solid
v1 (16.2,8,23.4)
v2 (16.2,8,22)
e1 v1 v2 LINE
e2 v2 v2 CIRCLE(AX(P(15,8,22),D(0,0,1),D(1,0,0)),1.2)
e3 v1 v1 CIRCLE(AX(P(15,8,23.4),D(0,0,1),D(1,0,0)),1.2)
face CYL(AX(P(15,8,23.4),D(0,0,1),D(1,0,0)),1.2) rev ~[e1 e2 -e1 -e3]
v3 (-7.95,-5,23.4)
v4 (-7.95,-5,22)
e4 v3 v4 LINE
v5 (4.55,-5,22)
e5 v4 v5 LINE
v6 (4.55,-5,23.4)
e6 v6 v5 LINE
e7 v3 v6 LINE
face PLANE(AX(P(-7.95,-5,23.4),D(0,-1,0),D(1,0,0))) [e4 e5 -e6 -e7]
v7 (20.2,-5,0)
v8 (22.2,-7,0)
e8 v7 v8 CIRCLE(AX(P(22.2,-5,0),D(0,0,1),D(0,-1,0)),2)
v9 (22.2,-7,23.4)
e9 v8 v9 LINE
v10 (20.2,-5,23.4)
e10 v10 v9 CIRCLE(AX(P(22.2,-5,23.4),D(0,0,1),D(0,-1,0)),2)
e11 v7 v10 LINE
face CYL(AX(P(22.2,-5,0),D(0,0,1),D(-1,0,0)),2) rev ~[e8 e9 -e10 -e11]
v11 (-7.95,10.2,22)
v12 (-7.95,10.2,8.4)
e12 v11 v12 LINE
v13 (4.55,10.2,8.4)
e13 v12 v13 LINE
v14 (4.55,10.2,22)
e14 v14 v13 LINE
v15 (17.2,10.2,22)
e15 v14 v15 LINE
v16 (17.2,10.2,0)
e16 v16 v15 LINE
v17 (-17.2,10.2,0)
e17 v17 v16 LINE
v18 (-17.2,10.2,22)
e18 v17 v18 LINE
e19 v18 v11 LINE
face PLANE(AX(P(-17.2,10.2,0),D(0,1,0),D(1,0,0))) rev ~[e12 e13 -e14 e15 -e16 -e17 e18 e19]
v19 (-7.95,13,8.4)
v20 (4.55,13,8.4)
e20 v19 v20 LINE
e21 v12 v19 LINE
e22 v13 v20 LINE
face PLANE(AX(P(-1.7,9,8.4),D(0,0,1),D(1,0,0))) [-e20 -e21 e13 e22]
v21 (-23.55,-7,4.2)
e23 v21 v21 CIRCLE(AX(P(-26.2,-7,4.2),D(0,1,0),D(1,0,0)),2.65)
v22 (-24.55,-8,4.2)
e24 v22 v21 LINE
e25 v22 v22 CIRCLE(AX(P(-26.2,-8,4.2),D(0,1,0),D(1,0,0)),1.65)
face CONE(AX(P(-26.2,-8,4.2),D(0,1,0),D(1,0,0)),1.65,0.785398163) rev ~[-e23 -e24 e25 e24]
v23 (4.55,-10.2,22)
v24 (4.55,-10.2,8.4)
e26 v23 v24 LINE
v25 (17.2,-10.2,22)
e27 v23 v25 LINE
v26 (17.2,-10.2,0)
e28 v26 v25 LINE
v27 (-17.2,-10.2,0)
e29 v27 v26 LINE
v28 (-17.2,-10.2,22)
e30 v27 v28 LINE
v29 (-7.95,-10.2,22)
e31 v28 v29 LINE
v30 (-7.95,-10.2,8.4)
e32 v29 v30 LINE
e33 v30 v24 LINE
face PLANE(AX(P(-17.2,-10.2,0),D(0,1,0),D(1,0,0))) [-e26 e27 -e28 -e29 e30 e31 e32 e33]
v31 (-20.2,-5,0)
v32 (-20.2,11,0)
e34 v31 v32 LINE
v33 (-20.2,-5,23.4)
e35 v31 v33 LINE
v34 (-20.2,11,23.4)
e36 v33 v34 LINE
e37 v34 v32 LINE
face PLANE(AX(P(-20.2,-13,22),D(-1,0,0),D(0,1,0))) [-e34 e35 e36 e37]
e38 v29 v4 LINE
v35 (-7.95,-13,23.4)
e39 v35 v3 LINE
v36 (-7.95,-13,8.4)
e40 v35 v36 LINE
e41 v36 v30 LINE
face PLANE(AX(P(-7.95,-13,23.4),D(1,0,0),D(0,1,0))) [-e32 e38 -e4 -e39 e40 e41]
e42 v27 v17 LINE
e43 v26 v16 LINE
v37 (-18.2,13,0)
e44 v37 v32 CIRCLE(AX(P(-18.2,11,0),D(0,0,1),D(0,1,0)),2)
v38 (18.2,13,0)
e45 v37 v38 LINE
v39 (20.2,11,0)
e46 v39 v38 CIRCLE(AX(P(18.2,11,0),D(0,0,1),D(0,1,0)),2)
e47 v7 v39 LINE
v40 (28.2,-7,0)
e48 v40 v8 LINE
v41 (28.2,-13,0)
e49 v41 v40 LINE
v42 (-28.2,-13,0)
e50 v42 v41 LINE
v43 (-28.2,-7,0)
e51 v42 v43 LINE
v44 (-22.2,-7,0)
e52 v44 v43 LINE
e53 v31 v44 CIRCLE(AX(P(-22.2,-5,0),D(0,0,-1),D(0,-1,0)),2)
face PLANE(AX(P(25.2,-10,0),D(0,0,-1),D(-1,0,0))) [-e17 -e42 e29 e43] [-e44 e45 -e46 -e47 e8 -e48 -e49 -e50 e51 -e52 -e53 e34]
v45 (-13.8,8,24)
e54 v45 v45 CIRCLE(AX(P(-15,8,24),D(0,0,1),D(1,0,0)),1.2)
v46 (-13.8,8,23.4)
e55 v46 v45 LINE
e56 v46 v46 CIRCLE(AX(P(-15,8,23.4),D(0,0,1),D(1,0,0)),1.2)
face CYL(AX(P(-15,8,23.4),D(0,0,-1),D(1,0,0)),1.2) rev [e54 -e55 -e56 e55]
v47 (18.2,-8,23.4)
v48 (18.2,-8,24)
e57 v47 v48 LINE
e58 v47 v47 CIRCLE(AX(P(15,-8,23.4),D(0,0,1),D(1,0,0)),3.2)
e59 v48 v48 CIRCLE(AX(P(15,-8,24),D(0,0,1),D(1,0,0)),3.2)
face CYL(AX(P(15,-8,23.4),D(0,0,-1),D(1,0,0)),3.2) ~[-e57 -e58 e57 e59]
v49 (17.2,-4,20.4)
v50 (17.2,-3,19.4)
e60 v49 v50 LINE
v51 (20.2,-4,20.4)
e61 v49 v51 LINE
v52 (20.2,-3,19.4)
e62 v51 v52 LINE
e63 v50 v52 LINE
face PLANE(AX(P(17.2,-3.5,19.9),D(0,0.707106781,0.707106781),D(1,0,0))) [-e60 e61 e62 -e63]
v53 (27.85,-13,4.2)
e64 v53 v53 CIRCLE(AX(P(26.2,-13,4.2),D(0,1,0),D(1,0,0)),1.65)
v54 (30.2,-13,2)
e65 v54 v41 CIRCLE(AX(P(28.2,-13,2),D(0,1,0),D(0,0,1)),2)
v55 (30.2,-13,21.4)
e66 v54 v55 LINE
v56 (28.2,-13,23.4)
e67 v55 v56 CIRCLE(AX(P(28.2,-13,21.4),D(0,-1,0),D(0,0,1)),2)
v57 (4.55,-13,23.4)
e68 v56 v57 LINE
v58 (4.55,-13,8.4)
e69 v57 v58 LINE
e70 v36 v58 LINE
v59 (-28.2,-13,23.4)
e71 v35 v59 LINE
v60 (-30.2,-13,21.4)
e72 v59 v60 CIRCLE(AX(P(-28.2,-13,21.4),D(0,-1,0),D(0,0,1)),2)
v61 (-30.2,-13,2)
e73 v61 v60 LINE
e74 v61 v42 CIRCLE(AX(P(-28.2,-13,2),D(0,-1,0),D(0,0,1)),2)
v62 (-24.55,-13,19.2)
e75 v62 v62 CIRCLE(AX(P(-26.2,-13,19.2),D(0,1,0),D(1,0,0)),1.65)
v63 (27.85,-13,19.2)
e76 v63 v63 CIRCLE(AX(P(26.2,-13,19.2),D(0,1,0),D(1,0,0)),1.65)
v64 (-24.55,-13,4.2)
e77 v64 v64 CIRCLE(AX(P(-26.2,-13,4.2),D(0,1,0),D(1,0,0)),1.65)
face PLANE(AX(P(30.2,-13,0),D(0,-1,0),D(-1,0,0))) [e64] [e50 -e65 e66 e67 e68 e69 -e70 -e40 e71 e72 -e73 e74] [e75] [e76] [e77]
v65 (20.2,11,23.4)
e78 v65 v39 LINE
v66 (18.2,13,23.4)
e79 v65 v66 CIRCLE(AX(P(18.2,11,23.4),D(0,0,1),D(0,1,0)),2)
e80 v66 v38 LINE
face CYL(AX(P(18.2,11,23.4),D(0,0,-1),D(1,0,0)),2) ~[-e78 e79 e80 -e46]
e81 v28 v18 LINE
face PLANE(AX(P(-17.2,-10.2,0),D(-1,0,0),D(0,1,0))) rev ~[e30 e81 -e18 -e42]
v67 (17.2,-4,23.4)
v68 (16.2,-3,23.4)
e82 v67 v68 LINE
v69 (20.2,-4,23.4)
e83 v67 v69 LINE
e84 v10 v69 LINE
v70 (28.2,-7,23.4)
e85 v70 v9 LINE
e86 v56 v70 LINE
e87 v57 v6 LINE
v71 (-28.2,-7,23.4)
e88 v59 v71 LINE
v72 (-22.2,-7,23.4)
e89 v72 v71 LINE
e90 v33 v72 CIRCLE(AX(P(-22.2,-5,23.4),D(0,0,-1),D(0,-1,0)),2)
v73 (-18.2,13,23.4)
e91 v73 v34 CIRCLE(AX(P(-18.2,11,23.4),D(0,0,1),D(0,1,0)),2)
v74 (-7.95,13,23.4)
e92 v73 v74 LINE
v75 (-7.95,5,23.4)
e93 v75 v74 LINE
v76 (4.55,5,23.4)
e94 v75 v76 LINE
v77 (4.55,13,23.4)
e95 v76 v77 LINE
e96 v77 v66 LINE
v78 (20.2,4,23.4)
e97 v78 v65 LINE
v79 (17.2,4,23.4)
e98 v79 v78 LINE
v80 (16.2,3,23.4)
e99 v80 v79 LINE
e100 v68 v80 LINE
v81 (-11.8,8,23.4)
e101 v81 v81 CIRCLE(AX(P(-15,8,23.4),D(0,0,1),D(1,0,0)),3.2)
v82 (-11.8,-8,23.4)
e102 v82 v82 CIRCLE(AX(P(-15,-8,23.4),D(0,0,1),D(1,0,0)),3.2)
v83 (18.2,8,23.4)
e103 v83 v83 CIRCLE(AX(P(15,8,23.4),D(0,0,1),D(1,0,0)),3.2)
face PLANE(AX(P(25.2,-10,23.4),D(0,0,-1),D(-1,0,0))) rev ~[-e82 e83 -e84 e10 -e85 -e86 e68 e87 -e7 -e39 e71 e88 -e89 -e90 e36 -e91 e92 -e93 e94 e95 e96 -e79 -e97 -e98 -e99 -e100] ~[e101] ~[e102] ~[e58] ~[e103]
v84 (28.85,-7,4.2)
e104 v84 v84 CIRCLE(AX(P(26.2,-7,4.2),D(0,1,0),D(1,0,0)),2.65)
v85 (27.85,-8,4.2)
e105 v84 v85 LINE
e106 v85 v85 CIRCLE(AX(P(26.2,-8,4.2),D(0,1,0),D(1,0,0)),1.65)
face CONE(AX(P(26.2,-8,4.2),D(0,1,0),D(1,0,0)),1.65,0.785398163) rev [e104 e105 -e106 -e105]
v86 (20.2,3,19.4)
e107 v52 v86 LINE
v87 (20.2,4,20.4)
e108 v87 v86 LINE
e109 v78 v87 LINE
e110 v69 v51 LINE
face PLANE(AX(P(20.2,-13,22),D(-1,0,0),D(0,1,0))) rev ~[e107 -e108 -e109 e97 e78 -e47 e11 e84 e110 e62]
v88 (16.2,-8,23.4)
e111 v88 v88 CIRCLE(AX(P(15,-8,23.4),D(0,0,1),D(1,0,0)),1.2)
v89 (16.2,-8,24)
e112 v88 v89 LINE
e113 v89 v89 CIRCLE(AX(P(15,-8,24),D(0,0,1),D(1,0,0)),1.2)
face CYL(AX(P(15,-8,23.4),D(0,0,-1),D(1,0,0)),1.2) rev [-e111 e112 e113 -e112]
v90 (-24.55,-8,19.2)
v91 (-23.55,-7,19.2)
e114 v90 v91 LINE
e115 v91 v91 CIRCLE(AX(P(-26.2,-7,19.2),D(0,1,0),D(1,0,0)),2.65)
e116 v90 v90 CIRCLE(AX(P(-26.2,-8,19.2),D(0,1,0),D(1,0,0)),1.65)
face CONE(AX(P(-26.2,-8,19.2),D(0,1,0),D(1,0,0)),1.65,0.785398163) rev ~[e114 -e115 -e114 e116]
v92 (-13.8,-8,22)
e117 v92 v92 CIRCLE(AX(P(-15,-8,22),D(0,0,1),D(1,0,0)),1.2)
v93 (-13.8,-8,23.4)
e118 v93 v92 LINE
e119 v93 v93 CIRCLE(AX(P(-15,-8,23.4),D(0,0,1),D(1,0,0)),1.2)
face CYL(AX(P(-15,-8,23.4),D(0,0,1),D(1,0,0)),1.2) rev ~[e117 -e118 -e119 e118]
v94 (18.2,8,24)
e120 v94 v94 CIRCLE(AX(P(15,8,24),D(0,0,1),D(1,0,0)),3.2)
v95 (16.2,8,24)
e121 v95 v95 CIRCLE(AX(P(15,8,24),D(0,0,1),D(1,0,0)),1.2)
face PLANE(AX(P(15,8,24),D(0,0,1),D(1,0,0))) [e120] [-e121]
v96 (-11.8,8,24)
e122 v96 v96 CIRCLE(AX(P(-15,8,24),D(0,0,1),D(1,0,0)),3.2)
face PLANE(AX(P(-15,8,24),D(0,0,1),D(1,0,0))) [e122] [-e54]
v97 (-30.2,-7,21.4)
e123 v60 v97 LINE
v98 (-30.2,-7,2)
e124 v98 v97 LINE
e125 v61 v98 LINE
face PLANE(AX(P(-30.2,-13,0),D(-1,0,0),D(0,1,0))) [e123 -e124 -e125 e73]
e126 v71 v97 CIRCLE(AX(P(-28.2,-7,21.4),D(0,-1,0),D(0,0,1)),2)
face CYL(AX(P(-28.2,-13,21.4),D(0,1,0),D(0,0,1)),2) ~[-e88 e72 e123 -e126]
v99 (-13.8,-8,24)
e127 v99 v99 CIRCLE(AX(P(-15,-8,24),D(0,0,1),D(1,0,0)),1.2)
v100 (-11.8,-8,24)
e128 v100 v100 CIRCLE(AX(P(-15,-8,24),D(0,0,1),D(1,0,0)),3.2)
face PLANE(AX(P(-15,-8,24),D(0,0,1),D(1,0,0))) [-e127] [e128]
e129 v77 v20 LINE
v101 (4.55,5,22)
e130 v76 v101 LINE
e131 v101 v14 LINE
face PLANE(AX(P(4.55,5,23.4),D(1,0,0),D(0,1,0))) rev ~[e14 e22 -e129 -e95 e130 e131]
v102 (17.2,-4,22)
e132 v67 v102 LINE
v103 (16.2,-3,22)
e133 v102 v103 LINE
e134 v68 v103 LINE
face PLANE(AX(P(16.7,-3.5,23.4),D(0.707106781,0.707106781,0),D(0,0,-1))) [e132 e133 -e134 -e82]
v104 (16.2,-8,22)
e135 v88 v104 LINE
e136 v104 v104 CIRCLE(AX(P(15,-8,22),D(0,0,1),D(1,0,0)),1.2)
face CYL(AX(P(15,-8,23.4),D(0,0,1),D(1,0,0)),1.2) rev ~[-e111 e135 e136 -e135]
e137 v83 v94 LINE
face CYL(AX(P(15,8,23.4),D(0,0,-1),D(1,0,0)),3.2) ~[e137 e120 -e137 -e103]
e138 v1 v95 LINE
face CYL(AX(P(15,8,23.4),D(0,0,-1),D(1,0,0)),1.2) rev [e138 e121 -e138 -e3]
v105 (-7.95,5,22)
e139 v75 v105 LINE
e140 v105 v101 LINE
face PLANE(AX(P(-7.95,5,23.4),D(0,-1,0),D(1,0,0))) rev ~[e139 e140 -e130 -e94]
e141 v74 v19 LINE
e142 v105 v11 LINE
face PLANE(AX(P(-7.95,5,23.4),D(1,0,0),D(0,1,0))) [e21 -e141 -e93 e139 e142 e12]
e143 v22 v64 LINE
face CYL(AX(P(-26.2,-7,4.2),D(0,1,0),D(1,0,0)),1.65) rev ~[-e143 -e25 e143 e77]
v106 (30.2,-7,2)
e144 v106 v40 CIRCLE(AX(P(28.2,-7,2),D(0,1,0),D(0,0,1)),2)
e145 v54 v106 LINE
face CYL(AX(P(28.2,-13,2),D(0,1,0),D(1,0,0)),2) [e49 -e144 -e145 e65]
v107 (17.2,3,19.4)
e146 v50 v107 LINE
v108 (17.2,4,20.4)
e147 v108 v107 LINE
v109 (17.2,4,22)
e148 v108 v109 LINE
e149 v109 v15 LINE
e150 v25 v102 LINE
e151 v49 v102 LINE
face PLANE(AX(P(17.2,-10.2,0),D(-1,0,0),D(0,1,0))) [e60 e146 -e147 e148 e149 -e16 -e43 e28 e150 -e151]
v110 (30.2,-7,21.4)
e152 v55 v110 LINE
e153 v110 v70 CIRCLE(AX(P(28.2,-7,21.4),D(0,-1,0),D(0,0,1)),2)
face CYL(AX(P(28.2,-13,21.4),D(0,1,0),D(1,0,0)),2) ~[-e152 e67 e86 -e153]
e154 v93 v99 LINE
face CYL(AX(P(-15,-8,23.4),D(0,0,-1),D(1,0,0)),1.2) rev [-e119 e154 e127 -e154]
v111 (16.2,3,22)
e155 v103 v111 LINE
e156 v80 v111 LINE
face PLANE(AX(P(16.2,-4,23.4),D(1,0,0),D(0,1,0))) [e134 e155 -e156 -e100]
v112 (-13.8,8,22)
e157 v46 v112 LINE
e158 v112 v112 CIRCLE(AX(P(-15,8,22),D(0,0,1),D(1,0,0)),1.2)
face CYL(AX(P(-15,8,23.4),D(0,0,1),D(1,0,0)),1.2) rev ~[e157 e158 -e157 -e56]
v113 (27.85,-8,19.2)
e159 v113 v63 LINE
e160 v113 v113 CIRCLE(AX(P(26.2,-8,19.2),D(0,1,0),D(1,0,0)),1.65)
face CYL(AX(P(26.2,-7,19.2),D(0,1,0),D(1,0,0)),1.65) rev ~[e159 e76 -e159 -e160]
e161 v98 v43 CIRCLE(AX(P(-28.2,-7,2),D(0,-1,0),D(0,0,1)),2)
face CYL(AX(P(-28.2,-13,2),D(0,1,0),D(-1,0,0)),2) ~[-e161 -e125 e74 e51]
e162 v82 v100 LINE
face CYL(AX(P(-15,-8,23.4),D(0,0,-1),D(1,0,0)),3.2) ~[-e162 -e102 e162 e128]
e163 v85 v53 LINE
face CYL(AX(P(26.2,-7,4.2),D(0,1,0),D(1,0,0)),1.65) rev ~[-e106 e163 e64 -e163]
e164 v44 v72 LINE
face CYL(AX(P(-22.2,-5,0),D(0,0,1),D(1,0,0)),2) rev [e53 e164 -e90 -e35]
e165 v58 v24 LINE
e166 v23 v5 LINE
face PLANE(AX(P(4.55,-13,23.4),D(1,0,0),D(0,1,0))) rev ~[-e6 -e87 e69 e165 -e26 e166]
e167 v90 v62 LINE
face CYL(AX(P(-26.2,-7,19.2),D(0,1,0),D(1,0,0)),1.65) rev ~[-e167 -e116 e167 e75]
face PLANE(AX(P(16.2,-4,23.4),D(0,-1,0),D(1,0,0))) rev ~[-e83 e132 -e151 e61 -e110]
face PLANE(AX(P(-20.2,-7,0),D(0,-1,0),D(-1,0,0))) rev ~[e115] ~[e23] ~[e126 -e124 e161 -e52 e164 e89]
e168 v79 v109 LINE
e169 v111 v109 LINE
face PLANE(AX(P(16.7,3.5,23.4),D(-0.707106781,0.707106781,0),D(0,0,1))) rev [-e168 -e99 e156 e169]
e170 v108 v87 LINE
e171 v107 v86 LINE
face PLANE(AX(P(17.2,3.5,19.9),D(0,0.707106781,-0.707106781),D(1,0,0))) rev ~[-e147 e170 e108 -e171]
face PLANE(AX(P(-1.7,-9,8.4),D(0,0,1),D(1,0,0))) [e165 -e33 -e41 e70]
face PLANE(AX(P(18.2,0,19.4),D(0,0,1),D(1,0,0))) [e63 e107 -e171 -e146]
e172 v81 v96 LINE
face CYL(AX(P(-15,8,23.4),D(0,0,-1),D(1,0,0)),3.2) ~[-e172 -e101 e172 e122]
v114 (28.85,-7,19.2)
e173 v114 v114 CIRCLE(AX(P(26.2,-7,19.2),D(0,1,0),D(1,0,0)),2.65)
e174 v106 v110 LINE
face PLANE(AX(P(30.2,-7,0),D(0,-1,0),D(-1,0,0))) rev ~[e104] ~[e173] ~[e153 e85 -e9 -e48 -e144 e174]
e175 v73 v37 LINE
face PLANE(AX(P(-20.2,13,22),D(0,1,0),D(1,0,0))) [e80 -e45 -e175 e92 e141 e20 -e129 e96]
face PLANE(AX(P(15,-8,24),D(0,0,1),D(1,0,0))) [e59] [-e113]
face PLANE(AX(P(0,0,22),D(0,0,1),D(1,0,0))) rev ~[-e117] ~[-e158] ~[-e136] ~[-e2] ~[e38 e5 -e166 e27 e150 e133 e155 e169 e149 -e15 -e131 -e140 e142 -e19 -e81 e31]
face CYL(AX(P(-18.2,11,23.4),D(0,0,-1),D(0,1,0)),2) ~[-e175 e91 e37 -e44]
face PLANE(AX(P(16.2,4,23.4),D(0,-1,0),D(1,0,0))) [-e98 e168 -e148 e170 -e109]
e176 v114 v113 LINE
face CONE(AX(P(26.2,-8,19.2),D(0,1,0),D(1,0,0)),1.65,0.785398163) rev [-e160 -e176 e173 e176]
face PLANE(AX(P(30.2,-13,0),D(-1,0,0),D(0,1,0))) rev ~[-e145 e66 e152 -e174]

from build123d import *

# Parameters (mm, degrees)
SKETCH1_W           = 40.4
SKETCH1_H           = 26
SKETCH1_W_2         = 34.4
SKETCH1_H_2         = 20.4
BOSS_EXTRUDE1_DEPTH = 22
SKETCH2_W           = 40.4
SKETCH2_H           = 26
BOSS_EXTRUDE2_DEPTH = 1.4
SKETCH3_W           = 12.5
SKETCH3_H           = 8
CUT_EXTRUDE1_DEPTH  = 15
SKETCH4_R           = 1.2
CUT_EXTRUDE2_DEPTH  = 24.4
SKETCH5_W           = 10
SKETCH5_H           = 6
BOSS_EXTRUDE3_DEPTH = 23.4
FILLET1_R           = 2
SKETCH6_R           = 1.65
CUT_EXTRUDE3_DEPTH  = 7
CHAMFER1_SIZE       = 1
SKETCH8_W           = 4
SKETCH8_H           = 8
CUT_EXTRUDE4_DEPTH  = 4
CHAMFER2_SIZE       = 1
SKETCH9_R           = 3.2
SKETCH9_R_2         = 1.2
BOSS_EXTRUDE4_DEPTH = 0.6


with BuildPart() as part:
    # Sketch1 → Boss-Extrude1 (new body)
    with BuildSketch(Plane.XY):
        Rectangle(SKETCH1_W, SKETCH1_H)
        Rectangle(SKETCH1_W_2, SKETCH1_H_2, mode=Mode.SUBTRACT)
    extrude(amount=BOSS_EXTRUDE1_DEPTH)

    # Sketch2 → Boss-Extrude2 (add)
    with BuildSketch(Plane.XY.offset(22)):
        Rectangle(SKETCH2_W, SKETCH2_H)
    extrude(amount=BOSS_EXTRUDE2_DEPTH)

    # Sketch3 → Cut-Extrude1 (cut)
    with BuildSketch(Plane.XY.offset(23.4)):
        with Locations((-1.7, 9)):
            Rectangle(SKETCH3_W, SKETCH3_H)
        with Locations((-1.7, -9)):
            Rectangle(SKETCH3_W, SKETCH3_H)
    extrude(amount=-CUT_EXTRUDE1_DEPTH, mode=Mode.SUBTRACT)

    # Sketch4 → Cut-Extrude2 (cut, through all)
    with BuildSketch(Plane.XY.offset(23.4)):
        with Locations((-15, 8)):
            Circle(SKETCH4_R)
        with Locations((-15, -8)):
            Circle(SKETCH4_R)
        with Locations((15, 8)):
            Circle(SKETCH4_R)
        with Locations((15, -8)):
            Circle(SKETCH4_R)
    extrude(amount=-CUT_EXTRUDE2_DEPTH, mode=Mode.SUBTRACT)

    # Sketch5 → Boss-Extrude3 (add)
    with BuildSketch(Plane(origin=(0, 0, 0), x_dir=(-1, 0, 0), z_dir=(0, 0, -1))):
        with Locations((-25.2, -10)):
            Rectangle(SKETCH5_W, SKETCH5_H)
        with Locations((25.2, -10)):
            Rectangle(SKETCH5_W, SKETCH5_H)
    extrude(amount=-BOSS_EXTRUDE3_DEPTH)

    # Fillet1
    fillet1_edges = [part.edges().sort_by_distance(p)[0] for p in [
        (30.2, -10, 0),
        (30.2, -10, 23.4),
        (20.2, -7, 11.7),
        (-30.2, -10, 0),
        (-30.2, -10, 23.4),
        (-20.2, -7, 11.7),
        (-20.2, 13, 11.7),
        (20.2, 13, 11.7),
    ]]
    fillet(fillet1_edges, radius=FILLET1_R)

    # Sketch6 → Cut-Extrude3 (cut, through all)
    with BuildSketch(Plane(origin=(0, -7, 0), x_dir=(1, 0, 0), z_dir=(0, 1, 0))):
        with Locations((26.2, -4.2)):
            Circle(SKETCH6_R)
        with Locations((26.2, -19.2)):
            Circle(SKETCH6_R)
        with Locations((-26.2, -19.2)):
            Circle(SKETCH6_R)
        with Locations((-26.2, -4.2)):
            Circle(SKETCH6_R)
    extrude(amount=-CUT_EXTRUDE3_DEPTH, mode=Mode.SUBTRACT)

    # Chamfer1
    chamfer1_edges = [part.edges().sort_by_distance(p)[0] for p in [
        (-27.85, -7, 4.2),
        (-27.85, -7, 19.2),
        (24.55, -7, 19.2),
        (24.55, -7, 4.2),
    ]]
    chamfer(chamfer1_edges, length=CHAMFER1_SIZE)

    # Sketch8 → Cut-Extrude4 (cut)
    with BuildSketch(Plane.XY.offset(23.4)):
        with Locations((18.2, 0)):
            Rectangle(SKETCH8_W, SKETCH8_H)
    extrude(amount=-CUT_EXTRUDE4_DEPTH, mode=Mode.SUBTRACT)

    # Chamfer2
    chamfer2_edges = [part.edges().sort_by_distance(p)[0] for p in [
        (16.2, -4, 22.7),
        (16.2, 4, 22.7),
        (18.7, 4, 19.4),
        (18.7, -4, 19.4),
    ]]
    chamfer(chamfer2_edges, length=CHAMFER2_SIZE)

    # Sketch9 → Boss-Extrude4 (add)
    with BuildSketch(Plane.XY.offset(23.4)):
        with Locations((-15, 8)):
            Circle(SKETCH9_R)
        with Locations((-15, 8)):
            Circle(SKETCH9_R_2, mode=Mode.SUBTRACT)
        with Locations((-15, -8)):
            Circle(SKETCH9_R)
        with Locations((-15, -8)):
            Circle(SKETCH9_R_2, mode=Mode.SUBTRACT)
        with Locations((15, -8)):
            Circle(SKETCH9_R)
        with Locations((15, -8)):
            Circle(SKETCH9_R_2, mode=Mode.SUBTRACT)
        with Locations((15, 8)):
            Circle(SKETCH9_R)
        with Locations((15, 8)):
            Circle(SKETCH9_R_2, mode=Mode.SUBTRACT)
    extrude(amount=BOSS_EXTRUDE4_DEPTH)


solid = part.part
